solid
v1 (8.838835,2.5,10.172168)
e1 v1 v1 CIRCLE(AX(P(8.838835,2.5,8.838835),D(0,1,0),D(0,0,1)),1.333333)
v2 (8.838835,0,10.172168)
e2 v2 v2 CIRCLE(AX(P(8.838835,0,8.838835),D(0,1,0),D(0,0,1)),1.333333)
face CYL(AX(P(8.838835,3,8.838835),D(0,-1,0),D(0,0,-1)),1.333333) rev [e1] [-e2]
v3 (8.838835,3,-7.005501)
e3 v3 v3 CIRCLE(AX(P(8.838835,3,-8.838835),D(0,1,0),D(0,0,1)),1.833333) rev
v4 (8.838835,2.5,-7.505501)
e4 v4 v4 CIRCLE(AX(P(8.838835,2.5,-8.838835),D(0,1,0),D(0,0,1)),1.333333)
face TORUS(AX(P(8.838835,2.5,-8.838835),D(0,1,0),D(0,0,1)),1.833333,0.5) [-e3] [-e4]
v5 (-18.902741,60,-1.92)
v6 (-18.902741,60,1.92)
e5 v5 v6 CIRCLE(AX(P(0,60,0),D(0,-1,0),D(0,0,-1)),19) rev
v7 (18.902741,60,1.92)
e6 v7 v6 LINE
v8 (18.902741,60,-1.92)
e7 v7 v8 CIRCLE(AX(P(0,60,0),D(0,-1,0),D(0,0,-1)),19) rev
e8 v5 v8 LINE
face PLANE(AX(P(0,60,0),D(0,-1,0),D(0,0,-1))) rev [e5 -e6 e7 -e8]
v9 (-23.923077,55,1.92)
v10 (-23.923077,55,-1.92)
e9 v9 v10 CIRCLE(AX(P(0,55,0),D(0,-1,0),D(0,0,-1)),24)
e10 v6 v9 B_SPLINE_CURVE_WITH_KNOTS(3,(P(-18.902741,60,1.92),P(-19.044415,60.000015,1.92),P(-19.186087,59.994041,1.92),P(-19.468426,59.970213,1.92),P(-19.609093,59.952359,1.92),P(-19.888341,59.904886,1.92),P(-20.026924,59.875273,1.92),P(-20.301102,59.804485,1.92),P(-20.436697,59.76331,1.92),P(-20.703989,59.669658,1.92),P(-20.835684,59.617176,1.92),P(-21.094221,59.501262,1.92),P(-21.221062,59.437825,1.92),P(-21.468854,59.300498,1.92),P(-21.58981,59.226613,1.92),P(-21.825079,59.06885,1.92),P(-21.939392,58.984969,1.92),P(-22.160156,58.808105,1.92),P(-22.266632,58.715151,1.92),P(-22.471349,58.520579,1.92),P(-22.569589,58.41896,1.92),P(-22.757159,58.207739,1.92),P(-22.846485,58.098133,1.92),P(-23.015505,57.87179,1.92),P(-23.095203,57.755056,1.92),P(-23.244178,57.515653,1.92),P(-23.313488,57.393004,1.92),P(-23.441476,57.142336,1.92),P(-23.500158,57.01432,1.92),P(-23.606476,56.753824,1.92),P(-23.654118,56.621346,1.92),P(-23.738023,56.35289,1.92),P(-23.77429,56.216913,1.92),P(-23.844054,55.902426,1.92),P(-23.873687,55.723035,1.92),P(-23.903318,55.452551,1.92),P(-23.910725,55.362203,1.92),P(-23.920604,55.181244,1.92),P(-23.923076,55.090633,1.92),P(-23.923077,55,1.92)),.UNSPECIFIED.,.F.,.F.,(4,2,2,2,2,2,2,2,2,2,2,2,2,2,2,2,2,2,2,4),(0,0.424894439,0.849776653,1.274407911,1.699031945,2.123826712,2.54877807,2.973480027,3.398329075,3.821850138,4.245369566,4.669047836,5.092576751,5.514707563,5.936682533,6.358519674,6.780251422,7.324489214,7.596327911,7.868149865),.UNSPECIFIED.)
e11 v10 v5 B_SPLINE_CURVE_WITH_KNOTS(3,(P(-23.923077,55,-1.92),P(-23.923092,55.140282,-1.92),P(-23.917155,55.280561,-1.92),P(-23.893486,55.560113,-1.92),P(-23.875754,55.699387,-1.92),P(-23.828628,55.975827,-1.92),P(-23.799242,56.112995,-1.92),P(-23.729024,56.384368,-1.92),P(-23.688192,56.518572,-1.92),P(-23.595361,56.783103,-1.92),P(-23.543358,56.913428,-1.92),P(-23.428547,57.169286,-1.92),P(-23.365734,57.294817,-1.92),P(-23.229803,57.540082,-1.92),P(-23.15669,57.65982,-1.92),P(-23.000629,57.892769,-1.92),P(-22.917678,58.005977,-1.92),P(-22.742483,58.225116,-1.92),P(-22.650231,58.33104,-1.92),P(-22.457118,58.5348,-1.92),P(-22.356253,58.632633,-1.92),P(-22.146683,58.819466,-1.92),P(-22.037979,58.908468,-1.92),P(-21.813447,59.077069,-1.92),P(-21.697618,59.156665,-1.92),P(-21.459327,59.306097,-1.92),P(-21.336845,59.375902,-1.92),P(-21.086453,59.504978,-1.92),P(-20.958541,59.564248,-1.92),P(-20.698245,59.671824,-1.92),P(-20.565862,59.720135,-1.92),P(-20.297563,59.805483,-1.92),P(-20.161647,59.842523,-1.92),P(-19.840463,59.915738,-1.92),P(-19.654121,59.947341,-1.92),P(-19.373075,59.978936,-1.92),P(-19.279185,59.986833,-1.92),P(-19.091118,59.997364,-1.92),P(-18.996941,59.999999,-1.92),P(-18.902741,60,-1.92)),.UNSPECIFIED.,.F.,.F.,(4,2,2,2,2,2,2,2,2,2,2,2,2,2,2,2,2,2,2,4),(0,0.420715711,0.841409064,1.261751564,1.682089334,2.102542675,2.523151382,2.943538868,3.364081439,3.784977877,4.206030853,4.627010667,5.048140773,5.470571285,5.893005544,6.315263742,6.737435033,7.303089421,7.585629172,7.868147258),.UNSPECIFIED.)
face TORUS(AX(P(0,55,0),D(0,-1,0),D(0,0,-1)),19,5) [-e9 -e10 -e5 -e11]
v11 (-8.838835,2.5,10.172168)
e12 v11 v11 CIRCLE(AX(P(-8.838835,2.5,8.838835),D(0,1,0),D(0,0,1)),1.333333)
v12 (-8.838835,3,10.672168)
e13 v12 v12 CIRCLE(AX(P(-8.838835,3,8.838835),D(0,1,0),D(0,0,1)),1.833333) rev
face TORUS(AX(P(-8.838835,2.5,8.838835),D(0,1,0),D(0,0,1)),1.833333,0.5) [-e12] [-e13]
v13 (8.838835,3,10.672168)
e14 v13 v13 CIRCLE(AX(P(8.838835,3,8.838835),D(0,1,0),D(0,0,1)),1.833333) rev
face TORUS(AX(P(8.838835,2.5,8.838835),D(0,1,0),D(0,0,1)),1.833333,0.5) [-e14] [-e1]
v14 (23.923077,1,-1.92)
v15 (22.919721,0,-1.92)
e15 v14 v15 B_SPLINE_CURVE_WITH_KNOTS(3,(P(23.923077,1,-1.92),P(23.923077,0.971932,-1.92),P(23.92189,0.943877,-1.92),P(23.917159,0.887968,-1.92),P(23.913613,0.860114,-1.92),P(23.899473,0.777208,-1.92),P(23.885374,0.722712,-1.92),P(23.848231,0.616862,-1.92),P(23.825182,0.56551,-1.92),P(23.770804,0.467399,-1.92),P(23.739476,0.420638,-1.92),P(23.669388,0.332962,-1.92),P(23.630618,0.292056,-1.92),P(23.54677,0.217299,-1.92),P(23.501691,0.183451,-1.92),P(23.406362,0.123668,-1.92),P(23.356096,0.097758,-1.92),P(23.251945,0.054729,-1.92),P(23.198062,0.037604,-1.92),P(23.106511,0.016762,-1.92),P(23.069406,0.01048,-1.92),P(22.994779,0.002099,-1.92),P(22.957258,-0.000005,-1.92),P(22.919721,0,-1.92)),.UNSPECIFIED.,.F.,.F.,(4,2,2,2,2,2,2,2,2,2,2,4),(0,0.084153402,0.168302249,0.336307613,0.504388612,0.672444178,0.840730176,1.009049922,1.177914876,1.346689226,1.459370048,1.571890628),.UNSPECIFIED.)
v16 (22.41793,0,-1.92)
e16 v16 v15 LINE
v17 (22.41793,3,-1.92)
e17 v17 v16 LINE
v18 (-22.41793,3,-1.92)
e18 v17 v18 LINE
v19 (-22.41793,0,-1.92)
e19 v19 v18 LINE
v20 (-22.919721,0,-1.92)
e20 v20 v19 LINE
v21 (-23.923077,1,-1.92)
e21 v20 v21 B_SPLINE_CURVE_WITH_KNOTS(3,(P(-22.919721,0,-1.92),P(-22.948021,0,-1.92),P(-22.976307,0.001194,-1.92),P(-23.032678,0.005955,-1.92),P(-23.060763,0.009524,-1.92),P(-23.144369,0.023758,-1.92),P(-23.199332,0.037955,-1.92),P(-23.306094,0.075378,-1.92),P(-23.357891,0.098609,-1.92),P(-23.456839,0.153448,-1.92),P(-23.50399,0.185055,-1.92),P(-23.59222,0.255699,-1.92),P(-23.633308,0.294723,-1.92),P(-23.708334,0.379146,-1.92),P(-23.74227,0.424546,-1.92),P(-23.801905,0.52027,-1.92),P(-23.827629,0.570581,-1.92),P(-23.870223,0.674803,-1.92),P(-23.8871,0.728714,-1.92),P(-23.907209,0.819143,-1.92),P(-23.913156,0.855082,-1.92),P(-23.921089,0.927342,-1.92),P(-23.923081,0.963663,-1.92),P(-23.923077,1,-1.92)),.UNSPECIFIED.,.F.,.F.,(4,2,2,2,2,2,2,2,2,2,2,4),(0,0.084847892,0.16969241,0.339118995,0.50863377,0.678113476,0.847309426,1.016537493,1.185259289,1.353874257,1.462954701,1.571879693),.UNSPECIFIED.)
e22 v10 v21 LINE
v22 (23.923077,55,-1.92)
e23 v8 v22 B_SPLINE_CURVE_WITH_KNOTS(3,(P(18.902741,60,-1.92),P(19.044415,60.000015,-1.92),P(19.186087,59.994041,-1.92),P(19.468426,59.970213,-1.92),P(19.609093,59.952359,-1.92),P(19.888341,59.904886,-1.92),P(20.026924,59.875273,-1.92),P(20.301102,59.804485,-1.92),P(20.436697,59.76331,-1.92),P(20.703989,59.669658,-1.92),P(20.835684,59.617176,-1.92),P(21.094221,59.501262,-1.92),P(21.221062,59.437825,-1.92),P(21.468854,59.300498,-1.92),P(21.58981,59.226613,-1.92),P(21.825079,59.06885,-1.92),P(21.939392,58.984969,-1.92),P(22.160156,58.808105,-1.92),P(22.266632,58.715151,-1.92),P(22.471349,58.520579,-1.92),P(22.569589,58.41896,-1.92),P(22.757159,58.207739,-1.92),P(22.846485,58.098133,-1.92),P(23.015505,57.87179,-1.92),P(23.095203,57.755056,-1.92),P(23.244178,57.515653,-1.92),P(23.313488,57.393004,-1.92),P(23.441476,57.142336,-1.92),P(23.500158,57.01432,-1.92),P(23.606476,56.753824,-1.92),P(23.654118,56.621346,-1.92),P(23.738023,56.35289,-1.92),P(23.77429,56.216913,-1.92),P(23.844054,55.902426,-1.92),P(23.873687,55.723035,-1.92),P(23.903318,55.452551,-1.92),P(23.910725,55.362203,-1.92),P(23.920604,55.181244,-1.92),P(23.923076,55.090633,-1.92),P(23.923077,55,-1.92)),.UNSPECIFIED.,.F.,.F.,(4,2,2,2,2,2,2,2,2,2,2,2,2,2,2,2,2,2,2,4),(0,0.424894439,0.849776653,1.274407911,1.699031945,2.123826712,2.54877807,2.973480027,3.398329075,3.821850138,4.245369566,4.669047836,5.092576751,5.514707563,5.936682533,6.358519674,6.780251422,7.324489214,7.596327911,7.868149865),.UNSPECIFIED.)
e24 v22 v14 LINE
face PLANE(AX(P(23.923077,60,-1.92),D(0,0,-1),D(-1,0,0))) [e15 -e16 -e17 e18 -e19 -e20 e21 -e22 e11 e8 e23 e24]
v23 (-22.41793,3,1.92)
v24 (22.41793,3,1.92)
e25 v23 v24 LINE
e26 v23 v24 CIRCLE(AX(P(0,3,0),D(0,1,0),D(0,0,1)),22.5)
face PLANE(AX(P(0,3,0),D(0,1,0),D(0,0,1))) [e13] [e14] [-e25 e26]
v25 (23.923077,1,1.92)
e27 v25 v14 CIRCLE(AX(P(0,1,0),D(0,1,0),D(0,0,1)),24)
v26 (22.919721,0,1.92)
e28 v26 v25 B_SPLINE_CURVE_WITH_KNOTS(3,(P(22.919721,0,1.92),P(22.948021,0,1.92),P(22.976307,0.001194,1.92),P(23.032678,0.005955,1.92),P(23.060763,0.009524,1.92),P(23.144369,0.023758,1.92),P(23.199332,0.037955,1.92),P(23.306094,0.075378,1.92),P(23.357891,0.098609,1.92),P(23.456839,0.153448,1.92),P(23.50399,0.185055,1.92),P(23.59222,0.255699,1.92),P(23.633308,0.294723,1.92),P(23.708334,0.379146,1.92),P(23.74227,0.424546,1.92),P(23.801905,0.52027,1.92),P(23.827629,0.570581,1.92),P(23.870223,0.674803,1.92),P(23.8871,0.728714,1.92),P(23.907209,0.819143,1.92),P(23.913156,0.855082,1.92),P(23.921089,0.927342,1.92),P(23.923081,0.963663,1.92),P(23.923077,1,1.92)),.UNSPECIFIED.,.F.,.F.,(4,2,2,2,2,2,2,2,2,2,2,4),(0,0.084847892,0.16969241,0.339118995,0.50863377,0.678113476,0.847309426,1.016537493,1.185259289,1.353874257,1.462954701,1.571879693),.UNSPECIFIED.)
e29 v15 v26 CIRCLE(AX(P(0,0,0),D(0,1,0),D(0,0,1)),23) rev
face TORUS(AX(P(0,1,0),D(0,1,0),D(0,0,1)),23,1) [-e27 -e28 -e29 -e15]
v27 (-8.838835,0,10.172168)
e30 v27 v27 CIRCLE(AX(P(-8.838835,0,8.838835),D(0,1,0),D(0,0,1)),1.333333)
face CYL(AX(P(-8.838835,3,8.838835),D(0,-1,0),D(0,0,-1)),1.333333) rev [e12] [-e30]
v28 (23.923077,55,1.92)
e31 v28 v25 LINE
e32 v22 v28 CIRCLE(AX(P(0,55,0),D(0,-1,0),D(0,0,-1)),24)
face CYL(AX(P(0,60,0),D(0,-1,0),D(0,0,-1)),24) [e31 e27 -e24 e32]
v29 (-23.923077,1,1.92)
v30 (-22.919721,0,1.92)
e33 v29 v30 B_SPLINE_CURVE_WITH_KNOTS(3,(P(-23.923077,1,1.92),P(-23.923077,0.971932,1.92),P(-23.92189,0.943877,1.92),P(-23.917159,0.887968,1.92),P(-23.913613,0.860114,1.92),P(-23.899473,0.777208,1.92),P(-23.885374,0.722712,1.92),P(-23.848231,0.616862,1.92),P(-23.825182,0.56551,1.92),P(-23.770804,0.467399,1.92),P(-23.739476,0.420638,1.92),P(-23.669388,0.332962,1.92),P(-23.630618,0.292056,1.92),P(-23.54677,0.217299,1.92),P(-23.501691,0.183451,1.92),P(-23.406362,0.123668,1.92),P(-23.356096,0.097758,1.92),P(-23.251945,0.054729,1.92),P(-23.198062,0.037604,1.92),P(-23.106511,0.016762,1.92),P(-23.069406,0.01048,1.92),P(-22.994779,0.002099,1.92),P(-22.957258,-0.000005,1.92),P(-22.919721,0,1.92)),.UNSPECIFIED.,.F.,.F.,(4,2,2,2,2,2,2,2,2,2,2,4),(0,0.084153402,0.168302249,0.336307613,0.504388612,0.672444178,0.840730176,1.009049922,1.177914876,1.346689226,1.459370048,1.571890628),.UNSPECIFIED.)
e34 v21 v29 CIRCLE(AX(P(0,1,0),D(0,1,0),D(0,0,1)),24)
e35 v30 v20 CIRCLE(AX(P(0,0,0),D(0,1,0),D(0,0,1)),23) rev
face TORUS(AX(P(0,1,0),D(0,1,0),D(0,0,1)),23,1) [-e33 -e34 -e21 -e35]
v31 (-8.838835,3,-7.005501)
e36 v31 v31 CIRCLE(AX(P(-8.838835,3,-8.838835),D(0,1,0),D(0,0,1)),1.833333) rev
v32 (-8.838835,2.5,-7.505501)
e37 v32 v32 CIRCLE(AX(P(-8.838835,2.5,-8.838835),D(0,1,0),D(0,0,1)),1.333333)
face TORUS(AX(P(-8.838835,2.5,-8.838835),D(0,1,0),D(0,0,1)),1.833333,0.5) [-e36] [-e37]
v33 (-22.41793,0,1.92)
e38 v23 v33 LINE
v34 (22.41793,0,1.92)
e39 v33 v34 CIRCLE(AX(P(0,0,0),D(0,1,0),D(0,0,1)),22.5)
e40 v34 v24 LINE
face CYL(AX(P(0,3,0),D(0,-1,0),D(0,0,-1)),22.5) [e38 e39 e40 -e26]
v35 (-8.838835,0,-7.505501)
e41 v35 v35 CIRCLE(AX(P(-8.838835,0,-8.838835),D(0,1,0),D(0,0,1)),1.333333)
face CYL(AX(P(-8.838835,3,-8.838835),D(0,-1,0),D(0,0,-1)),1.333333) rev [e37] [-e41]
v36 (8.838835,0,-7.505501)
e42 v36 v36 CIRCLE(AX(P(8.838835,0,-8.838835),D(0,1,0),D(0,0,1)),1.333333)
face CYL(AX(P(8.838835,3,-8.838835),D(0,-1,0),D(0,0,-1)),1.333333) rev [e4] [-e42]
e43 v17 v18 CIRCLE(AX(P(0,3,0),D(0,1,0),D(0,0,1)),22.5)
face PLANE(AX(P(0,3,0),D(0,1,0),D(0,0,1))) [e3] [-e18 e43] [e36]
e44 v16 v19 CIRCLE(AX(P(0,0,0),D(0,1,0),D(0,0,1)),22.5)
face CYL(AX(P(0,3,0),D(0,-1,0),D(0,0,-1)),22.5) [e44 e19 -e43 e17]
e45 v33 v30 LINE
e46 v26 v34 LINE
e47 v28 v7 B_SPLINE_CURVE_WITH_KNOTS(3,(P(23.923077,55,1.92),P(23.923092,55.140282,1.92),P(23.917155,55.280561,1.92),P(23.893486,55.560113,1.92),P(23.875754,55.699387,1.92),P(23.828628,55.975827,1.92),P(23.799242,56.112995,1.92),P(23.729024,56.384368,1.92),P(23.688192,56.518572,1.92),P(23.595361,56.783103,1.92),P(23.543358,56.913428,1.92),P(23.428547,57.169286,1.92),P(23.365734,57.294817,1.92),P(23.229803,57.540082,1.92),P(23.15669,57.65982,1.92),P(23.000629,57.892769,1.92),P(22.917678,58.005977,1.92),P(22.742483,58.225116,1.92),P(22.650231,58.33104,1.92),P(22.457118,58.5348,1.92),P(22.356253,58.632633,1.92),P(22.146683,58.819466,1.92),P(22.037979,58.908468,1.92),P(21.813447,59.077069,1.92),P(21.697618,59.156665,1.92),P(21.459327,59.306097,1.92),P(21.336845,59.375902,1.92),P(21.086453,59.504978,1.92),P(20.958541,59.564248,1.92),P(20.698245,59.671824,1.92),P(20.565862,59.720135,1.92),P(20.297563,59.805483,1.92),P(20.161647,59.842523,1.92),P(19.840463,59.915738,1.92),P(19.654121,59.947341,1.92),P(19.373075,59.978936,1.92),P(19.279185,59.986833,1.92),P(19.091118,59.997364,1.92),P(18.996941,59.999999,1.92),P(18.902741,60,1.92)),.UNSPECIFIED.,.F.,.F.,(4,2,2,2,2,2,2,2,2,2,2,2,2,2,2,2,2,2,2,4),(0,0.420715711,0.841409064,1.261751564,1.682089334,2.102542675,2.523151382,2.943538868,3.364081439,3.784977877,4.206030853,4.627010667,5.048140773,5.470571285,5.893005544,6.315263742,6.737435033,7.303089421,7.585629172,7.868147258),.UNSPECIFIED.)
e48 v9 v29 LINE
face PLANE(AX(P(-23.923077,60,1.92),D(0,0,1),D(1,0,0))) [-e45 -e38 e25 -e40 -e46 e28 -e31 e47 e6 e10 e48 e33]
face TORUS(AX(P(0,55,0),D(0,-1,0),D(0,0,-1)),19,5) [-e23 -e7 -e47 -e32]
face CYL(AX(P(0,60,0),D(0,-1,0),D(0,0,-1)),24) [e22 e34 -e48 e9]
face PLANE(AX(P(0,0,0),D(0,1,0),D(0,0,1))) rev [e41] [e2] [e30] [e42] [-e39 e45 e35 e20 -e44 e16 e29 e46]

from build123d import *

# Parameters (mm, degrees)
SKETCH_1_R      = 22.5
SKETCH_1_R_2    = 1.333333333
EXTRUDE_1_DEPTH = 3
EXTRUDE_2_DEPTH = 60
FILLET_1_R      = 0.5
FILLET_2_R      = 1
FILLET_3_R      = 5


with BuildPart() as part:
    # 草图1 → 凸台-拉伸1 (new body)
    with BuildSketch(Plane(origin=(0, 0, 0), x_dir=(1, 0, 0), z_dir=(0, 1, 0))):
        Circle(SKETCH_1_R)
        with Locations((8.838834765, 8.838834765)):
            Circle(SKETCH_1_R_2, mode=Mode.SUBTRACT)
        with Locations((8.838834765, -8.838834765)):
            Circle(SKETCH_1_R_2, mode=Mode.SUBTRACT)
        with Locations((-8.838834765, -8.838834765)):
            Circle(SKETCH_1_R_2, mode=Mode.SUBTRACT)
        with Locations((-8.838834765, 8.838834765)):
            Circle(SKETCH_1_R_2, mode=Mode.SUBTRACT)
    extrude(amount=EXTRUDE_1_DEPTH)

    # 草图3 → 凸台-拉伸2 (add)
    with BuildSketch(Plane.XZ):
        with BuildLine():
            Line((-23.923076725, 1.92), (23.923076725, 1.92))
            ThreePointArc((23.923076725, 1.92), (24, 0), (23.923076725, -1.92))
            Line((23.923076725, -1.92), (-23.923076725, -1.92))
            ThreePointArc((-23.923076725, -1.92), (-24, 0), (-23.923076725, 1.92))
        make_face()
    extrude(amount=-EXTRUDE_2_DEPTH)

    # 圆角1
    fillet_1_edges = [part.edges().sort_by_distance(p)[0] for p in [
        (-10.172168098, 3, 8.838834765),
        (-10.172168098, 3, -8.838834765),
        (7.505501431, 3, -8.838834765),
        (7.505501431, 3, 8.838834765),
    ]]
    fillet(fillet_1_edges, radius=FILLET_1_R)

    # 圆角2
    fillet_2_edges = [part.edges().sort_by_distance(p)[0] for p in [
        (24, 0, 0),
        (-24, 0, 0),
    ]]
    fillet(fillet_2_edges, radius=FILLET_2_R)

    # 圆角3
    fillet_3_edges = [part.edges().sort_by_distance(p)[0] for p in [
        (-24, 60, 0),
        (24, 60, 0),
    ]]
    fillet(fillet_3_edges, radius=FILLET_3_R)


solid = part.part
